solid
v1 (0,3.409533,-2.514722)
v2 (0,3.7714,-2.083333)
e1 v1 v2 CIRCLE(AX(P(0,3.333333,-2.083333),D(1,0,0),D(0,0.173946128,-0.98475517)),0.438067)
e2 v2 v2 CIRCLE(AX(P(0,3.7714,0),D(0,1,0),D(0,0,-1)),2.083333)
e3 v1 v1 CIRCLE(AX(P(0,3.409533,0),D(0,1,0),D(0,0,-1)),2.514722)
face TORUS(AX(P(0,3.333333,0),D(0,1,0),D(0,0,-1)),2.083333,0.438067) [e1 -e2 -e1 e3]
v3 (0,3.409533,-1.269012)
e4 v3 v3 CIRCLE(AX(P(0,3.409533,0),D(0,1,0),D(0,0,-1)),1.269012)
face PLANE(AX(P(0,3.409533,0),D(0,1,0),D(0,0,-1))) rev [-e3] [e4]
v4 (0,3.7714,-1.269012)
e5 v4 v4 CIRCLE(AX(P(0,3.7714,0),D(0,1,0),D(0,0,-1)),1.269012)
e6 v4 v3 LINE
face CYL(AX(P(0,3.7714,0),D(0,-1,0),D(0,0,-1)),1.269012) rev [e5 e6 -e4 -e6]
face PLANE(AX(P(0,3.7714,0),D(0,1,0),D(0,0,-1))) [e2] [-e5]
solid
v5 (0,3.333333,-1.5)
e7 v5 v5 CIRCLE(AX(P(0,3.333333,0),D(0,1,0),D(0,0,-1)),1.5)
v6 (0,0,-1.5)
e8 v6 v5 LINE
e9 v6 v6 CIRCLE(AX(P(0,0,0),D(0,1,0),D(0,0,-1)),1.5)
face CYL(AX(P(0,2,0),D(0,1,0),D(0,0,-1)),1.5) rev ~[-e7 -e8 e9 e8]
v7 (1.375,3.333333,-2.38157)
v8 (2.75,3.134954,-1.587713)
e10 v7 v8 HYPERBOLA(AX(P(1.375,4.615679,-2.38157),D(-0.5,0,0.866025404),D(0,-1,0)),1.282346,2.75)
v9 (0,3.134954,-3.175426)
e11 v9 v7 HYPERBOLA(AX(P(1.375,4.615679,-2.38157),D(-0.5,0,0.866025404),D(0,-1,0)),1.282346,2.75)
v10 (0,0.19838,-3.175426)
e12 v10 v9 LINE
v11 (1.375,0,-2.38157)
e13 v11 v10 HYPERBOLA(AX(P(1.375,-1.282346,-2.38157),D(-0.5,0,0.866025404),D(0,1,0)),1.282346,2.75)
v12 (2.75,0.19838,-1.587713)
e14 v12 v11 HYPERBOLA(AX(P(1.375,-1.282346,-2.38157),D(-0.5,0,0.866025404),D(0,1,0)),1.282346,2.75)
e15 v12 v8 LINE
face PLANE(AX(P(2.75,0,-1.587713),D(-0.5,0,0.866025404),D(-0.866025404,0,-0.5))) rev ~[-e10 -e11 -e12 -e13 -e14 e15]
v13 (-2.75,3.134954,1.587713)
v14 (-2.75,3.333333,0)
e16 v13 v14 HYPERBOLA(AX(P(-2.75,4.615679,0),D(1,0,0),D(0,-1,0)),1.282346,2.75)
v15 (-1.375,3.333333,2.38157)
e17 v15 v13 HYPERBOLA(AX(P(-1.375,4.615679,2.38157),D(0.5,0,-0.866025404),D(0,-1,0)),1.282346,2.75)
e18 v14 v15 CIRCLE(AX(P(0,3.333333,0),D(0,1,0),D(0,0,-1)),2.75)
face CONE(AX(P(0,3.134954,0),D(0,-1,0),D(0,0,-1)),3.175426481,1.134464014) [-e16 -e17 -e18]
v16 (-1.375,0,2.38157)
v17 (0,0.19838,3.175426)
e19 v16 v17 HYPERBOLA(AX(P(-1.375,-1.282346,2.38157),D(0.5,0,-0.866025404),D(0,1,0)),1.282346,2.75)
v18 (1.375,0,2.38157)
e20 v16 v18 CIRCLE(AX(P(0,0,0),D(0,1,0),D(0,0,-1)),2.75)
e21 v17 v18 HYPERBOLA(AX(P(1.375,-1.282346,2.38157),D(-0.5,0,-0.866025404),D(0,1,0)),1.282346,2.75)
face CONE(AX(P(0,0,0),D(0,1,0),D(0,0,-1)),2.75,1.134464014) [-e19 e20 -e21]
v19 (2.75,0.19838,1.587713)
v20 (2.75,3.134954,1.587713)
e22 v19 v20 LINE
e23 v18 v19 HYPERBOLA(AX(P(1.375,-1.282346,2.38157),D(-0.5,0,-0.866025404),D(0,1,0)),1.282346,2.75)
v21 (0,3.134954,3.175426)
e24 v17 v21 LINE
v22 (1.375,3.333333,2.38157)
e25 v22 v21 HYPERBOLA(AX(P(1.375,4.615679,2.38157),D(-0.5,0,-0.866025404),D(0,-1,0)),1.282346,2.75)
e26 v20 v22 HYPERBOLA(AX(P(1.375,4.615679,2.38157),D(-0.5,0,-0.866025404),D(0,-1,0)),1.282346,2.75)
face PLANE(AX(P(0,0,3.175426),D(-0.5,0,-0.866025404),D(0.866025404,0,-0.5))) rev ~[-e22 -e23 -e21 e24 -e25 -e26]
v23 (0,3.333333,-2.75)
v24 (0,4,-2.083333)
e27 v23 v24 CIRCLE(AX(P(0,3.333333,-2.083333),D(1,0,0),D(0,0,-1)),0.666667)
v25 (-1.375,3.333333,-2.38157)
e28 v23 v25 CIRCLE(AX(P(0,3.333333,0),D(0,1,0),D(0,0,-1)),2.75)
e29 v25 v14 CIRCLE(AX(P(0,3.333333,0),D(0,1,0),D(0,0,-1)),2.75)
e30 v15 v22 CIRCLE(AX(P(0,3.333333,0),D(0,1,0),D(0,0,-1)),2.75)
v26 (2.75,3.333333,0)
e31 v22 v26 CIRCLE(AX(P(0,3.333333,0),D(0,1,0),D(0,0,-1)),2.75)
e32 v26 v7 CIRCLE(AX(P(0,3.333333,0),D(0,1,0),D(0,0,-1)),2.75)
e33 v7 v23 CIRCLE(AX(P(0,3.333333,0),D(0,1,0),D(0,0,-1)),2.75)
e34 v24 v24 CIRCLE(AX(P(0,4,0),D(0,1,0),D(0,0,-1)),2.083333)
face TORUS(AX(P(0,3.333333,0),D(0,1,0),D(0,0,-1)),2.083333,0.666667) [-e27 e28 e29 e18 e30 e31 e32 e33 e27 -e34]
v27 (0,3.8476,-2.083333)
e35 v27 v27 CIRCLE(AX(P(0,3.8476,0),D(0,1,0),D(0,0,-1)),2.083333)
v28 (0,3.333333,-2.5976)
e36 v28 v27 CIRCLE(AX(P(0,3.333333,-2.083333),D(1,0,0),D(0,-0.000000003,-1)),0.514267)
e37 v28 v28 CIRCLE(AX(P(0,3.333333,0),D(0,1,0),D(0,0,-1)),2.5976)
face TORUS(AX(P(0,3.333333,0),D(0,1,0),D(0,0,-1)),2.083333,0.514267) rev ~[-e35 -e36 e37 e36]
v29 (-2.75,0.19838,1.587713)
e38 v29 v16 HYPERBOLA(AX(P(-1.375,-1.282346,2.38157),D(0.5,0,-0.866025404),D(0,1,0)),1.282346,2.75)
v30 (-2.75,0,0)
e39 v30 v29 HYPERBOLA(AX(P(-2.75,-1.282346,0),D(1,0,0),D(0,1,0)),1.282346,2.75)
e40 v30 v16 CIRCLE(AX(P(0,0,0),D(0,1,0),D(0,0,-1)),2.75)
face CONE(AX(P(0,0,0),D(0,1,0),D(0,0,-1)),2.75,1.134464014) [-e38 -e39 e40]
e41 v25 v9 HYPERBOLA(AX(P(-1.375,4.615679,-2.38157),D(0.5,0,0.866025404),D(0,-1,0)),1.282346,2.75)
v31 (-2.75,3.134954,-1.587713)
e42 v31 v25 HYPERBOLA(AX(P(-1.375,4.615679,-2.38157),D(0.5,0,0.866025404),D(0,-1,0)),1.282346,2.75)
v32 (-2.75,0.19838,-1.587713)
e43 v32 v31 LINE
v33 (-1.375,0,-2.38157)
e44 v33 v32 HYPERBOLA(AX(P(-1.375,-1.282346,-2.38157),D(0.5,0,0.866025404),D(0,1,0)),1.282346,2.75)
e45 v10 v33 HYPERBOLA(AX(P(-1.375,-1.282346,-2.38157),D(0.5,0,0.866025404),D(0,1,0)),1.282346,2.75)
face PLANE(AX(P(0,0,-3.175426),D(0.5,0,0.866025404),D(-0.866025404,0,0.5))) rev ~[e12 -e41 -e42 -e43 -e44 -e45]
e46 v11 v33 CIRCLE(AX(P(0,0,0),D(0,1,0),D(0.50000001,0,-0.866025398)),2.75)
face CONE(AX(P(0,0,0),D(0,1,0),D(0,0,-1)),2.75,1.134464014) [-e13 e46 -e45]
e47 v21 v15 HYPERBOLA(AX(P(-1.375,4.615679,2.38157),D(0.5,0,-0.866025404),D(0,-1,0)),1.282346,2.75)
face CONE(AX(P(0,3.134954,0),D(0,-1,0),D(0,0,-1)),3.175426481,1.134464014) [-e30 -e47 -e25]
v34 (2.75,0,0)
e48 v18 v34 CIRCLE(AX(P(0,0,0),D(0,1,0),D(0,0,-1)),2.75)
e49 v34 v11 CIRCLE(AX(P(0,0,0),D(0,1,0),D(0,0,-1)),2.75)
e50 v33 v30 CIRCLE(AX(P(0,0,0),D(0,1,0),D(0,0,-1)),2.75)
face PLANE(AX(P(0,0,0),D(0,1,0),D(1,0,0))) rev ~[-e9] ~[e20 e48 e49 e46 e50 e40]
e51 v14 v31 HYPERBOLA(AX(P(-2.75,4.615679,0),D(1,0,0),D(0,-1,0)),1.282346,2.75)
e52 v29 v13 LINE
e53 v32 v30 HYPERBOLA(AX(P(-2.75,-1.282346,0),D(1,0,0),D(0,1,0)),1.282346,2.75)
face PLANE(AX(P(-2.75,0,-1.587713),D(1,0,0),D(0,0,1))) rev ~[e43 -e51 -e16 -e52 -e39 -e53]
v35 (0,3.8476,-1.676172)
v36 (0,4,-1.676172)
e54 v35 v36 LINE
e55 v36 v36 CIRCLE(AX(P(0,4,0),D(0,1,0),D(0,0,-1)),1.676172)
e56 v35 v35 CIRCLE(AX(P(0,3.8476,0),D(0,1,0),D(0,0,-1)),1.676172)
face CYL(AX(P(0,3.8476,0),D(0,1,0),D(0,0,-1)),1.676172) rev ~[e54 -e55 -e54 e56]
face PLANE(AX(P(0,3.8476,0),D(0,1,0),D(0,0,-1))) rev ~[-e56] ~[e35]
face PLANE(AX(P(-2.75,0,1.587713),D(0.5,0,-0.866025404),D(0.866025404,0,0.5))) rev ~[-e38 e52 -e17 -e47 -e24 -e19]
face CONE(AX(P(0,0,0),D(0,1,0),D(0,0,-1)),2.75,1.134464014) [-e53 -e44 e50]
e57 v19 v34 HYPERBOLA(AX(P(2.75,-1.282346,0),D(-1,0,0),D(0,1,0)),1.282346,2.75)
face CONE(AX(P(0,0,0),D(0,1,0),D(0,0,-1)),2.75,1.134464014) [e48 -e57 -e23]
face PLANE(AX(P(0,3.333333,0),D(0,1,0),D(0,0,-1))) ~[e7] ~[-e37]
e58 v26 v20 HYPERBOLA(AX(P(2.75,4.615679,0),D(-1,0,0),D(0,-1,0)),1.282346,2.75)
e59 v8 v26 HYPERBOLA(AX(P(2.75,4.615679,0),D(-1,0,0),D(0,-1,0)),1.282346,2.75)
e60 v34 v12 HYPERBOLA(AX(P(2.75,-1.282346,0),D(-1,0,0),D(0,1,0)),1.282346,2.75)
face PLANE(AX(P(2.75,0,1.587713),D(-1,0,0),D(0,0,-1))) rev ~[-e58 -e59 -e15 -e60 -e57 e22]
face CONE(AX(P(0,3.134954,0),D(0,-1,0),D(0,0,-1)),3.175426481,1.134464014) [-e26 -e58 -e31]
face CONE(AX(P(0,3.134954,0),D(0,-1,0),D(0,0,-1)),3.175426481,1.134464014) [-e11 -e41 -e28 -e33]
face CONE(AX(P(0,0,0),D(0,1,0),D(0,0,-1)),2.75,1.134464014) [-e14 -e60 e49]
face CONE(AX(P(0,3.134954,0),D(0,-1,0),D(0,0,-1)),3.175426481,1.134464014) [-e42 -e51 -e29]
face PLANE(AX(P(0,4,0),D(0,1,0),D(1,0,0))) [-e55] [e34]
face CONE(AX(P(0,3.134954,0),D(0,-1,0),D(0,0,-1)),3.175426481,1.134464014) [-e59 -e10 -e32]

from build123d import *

# Parameters (mm, degrees)
EXTRUDE1_DEPTH = 4
SKETCH2_W      = 1.5
SKETCH2_H      = 4


with BuildPart() as part:
    # Sketch1 → Extrude1 (new body)
    with BuildSketch(Plane(origin=(0, 0, 0), x_dir=(1, 0, 0), z_dir=(0, 1, 0))):
        Polygon((0, 3.175426481), (-2.75, 1.58771324), (-2.75, -1.58771324), (0, -3.175426481), (2.75, -1.58771324), (2.75, 1.58771324), align=None)
    extrude(amount=EXTRUDE1_DEPTH)

    # Sketch4 → Cut-Revolve2 (revolve, cut)
    with BuildSketch(Plane(origin=(0, 0, 0), x_dir=(0, 0, -1), z_dir=(1, 0, 0))):
        Polygon((0, 4), (1.5, 4), (1.269011592, 3.892288336), (1.269011592, 0.107711664), (1.5, 0), (0, 0), align=None)
    revolve(axis=Axis((0, 4, 0), (0, 1, 0)), mode=Mode.SUBTRACT)


with BuildPart() as body_2:
    # Sketch2 → Revolve1 (revolve)
    with BuildSketch(Plane(origin=(0, 0, 0), x_dir=(0, 0, -1), z_dir=(1, 0, 0))):
        with Locations((0.75, 2)):
            Rectangle(SKETCH2_W, SKETCH2_H)
    revolve(axis=Axis((0, -1.5, 0), (0, 1, 0)))


with BuildPart() as part_1:
    add(part.part)

    # Combine1: cut body 2
    add(body_2.part, mode=Mode.SUBTRACT)

    # Sketch5 → Cut-Revolve3 (revolve, cut)
    with BuildSketch(Plane(origin=(0, 0, 0), x_dir=(0, 0, -1), z_dir=(1, 0, 0))):
        with BuildLine():
            Line((0, 0), (2.75, 0))
            Line((2.75, 0), (3.175426481, 0.198379626))
            Line((3.175426481, 0.198379626), (3.175426481, 3.134953707))
            Line((3.175426481, 3.134953707), (2.75, 3.333333333))
            ThreePointArc((2.75, 3.333333333), (2.554737854, 3.804737854), (2.083333333, 4))
            Line((2.083333333, 4), (2.083333333, 5.27))
            Line((2.083333333, 5.27), (4.445426481, 5.27))
            Line((4.445426481, 5.27), (4.445426481, -1.27))
            Line((4.445426481, -1.27), (0, -1.27))
            Line((0, -1.27), (0, 0))
        make_face()
    revolve(axis=Axis((0, 0, 0), (0, 1, 0)), mode=Mode.SUBTRACT)

    # Sketch6 → Cut-Revolve4 (revolve, cut)
    with BuildSketch(Plane(origin=(0, 0, 0), x_dir=(0, 0, -1), z_dir=(1, 0, 0))):
        with BuildLine():
            Line((0, 3.333333333), (2.5976, 3.333333333))
            ThreePointArc((2.5976, 3.333333333), (2.446974781, 3.696974781), (2.083333333, 3.8476))
            Line((2.083333333, 3.8476), (1.676172463, 3.8476))
            Line((1.676172463, 3.8476), (1.676172463, 5.27))
            Line((1.676172463, 5.27), (0, 5.27))
            Line((0, 5.27), (0, 3.333333333))
        make_face()
    revolve(axis=Axis((0, 5.27, 0), (0, 1, 0)), mode=Mode.SUBTRACT)


with BuildPart() as body_2_2:
    # Sketch7 → Revolve2 (revolve)
    with BuildSketch(Plane(origin=(0, 0, 0), x_dir=(0, 0, -1), z_dir=(1, 0, 0))):
        with BuildLine():
            Line((1.269011592, 3.409533333), (2.514721748, 3.409533333))
            ThreePointArc((2.514721748, 3.409533333), (2.36486639, 3.668954462), (2.083333333, 3.7714))
            Line((2.083333333, 3.7714), (1.269011592, 3.7714))
            Line((1.269011592, 3.7714), (1.269011592, 3.409533333))
        make_face()
    revolve(axis=Axis((0, 3.409533333, 0), (0, 1, 0)))


solid = Compound([part_1.part, body_2_2.part])
